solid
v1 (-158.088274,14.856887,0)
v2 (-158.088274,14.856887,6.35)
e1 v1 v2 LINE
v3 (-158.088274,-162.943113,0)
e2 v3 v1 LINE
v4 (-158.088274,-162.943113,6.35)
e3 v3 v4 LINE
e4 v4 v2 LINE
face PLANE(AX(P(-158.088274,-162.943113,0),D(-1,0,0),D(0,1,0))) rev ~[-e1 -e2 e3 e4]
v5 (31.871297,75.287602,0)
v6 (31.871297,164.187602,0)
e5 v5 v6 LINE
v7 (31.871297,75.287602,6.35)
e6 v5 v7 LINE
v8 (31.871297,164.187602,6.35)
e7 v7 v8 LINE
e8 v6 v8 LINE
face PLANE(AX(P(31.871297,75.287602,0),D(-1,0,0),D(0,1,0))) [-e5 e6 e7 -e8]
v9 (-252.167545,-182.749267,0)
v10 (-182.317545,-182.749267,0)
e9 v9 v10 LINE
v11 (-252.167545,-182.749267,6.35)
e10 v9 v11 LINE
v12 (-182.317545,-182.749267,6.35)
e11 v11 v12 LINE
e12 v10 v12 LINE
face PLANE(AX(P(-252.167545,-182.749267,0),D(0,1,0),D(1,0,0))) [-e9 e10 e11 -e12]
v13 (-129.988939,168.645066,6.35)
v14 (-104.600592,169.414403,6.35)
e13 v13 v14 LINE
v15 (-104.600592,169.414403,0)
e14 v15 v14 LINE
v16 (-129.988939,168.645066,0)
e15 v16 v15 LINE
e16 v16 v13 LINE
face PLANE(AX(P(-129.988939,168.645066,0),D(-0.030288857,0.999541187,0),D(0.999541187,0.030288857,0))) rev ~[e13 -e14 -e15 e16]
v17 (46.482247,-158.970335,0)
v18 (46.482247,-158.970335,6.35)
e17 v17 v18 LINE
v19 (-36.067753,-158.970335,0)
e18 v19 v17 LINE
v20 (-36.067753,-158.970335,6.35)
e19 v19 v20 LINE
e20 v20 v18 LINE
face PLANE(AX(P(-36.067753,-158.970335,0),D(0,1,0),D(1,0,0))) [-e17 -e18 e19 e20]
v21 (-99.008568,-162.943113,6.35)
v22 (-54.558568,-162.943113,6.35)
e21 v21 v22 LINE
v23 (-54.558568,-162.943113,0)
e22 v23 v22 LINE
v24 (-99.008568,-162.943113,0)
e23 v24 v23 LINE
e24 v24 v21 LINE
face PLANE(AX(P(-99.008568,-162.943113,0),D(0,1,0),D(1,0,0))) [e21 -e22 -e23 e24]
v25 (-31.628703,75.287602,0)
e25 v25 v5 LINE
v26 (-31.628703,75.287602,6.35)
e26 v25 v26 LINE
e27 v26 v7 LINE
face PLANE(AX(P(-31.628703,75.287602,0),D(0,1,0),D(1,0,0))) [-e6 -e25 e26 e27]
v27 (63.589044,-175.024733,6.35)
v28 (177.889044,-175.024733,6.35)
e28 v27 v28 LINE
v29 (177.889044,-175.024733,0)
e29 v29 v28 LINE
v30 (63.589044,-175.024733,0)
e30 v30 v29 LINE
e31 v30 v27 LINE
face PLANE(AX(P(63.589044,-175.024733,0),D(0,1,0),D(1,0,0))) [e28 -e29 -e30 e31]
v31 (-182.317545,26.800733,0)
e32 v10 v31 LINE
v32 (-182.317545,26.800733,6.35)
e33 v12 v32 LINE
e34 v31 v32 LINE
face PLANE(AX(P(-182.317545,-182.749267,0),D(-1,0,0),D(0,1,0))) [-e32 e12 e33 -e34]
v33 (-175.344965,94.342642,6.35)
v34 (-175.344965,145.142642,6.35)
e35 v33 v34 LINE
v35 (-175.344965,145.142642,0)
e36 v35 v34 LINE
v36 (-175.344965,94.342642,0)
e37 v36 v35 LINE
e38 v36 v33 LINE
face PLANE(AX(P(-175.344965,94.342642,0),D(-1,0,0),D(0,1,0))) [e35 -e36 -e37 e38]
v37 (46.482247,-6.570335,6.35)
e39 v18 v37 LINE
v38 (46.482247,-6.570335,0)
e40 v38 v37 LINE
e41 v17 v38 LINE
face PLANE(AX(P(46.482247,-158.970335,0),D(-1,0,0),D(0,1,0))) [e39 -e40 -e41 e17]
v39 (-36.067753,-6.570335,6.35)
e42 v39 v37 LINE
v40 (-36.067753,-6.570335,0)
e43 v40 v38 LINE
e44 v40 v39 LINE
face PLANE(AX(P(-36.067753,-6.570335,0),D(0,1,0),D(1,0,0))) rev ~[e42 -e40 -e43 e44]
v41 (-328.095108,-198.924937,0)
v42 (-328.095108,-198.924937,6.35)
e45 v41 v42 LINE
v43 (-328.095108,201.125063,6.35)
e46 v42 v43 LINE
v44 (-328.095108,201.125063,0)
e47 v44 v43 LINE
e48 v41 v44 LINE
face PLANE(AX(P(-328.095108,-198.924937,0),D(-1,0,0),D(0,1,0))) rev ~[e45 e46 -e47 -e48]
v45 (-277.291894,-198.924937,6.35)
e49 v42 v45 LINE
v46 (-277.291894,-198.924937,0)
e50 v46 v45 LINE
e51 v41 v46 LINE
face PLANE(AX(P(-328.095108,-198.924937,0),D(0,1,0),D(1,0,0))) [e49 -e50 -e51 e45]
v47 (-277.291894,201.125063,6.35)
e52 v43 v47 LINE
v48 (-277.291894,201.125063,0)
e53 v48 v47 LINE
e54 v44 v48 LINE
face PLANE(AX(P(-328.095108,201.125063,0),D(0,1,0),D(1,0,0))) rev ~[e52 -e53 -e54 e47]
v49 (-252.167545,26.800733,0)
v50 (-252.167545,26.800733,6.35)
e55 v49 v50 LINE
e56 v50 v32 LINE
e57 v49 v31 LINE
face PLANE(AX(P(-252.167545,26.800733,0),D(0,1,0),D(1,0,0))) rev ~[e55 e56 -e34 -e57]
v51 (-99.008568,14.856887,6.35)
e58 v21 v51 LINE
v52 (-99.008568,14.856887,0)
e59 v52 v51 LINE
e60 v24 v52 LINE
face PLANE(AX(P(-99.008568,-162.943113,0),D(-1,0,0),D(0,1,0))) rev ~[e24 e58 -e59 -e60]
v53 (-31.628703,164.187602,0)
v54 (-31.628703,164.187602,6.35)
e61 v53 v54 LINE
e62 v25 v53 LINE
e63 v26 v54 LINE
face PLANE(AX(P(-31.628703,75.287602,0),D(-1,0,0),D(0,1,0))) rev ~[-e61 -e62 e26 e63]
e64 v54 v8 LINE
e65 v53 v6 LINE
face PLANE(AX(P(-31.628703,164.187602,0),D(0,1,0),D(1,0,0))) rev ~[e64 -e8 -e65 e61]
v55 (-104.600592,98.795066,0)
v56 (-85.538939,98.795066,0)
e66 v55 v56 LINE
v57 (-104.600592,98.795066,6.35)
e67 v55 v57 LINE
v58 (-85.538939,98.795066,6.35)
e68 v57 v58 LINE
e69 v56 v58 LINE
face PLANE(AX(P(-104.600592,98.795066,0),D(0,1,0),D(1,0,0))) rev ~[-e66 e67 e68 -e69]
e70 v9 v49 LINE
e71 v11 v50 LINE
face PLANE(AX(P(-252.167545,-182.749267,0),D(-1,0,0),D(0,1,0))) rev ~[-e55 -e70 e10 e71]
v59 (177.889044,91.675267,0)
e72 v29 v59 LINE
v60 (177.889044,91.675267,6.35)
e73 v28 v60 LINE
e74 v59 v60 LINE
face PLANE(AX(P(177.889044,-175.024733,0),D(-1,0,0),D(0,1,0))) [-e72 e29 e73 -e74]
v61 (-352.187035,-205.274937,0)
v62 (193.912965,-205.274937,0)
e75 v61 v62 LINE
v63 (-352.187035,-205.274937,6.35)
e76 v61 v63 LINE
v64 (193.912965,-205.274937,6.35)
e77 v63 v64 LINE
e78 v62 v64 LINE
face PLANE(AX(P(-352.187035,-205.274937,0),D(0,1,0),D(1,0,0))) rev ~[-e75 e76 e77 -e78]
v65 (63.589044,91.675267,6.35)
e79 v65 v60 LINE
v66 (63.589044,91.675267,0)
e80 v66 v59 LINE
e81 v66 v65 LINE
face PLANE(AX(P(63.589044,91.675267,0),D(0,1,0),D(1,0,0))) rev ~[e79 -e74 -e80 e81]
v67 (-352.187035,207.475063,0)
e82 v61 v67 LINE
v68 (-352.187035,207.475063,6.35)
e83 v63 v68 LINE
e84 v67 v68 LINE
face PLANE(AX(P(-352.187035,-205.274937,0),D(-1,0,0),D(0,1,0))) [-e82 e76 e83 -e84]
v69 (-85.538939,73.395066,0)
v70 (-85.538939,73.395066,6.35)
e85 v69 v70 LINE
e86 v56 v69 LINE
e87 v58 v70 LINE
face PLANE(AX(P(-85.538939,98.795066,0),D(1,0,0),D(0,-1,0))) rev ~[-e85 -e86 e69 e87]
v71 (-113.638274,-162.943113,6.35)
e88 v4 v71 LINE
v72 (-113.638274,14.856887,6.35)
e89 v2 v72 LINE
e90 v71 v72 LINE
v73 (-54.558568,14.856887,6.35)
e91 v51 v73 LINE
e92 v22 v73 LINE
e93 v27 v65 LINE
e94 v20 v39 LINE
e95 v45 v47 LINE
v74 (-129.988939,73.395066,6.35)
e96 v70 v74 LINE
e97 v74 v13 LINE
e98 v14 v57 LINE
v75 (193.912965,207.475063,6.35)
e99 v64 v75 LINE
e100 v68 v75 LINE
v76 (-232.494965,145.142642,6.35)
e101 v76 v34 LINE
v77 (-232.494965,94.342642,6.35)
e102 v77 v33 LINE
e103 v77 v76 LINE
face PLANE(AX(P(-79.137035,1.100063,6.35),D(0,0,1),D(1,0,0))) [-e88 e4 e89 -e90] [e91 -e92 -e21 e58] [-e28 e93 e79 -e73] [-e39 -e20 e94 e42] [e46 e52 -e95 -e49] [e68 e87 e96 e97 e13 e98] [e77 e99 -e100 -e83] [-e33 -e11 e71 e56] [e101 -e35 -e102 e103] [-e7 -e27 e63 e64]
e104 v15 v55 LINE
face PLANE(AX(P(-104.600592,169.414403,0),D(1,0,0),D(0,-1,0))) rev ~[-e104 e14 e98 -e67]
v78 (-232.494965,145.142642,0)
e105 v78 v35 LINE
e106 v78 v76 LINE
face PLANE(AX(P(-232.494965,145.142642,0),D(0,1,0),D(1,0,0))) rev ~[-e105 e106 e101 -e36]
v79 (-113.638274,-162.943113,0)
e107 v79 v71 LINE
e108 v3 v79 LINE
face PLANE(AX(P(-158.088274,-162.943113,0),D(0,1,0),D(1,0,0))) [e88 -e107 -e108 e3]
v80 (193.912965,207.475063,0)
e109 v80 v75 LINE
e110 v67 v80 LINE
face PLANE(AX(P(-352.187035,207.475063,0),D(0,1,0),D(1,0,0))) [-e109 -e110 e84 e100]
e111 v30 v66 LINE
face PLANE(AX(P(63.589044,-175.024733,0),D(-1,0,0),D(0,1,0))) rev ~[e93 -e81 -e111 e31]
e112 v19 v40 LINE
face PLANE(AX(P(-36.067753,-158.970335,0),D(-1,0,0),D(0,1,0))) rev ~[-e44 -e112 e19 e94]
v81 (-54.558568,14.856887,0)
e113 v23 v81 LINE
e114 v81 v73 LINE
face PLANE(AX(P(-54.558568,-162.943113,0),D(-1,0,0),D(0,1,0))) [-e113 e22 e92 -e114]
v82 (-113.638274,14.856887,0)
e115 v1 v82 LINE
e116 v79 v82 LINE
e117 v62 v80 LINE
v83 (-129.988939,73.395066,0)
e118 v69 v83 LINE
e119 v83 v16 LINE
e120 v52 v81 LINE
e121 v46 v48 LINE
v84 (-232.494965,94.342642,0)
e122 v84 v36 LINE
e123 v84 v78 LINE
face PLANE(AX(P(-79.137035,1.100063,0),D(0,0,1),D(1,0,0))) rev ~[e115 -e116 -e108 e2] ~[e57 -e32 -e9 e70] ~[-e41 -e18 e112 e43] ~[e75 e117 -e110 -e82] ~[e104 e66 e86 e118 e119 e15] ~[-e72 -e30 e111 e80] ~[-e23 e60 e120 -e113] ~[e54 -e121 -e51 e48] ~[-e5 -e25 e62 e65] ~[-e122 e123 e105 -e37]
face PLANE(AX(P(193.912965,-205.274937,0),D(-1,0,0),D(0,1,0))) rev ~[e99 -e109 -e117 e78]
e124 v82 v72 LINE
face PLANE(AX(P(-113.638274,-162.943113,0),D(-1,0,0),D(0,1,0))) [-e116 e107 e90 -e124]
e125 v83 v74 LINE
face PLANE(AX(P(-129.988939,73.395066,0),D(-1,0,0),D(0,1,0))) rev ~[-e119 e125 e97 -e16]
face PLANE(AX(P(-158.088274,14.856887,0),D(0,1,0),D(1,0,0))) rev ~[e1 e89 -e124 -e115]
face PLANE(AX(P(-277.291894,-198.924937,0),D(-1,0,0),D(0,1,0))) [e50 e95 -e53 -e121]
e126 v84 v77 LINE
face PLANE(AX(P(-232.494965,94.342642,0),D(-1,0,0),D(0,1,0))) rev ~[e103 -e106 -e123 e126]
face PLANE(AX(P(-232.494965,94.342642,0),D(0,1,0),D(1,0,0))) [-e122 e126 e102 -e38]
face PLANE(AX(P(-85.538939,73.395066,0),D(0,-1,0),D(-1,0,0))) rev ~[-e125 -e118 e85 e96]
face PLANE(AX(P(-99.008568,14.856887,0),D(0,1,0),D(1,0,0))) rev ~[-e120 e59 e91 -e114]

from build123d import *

# Parameters (mm, degrees)
F0_W     = 546.1
F0_H     = 412.75
F0_W_2   = 69.85
F0_H_2   = 209.55
F0_W_3   = 50.803214
F0_H_3   = 400.05
F0_W_4   = 44.45
F0_H_4   = 177.8
F0_W_5   = 82.55
F0_H_5   = 152.4
F0_W_6   = 114.3
F0_H_6   = 266.7
F0_W_7   = 57.15
F0_H_7   = 50.8
F0_W_8   = 63.5
F0_H_8   = 88.9
F1_DEPTH = 6.35


with BuildPart() as f1:
    # F0 (on Top) → F1 (new body)
    with BuildSketch(Plane.XY):
        with Locations((-79.137035, 1.100063)):
            Rectangle(F0_W, F0_H)
        with Locations((-217.242545, -77.974267)):
            Rectangle(F0_W_2, F0_H_2, mode=Mode.SUBTRACT)
        with Locations((-302.693501, 1.100063)):
            Rectangle(F0_W_3, F0_H_3, mode=Mode.SUBTRACT)
        with Locations((-135.863274, -74.043113)):
            Rectangle(F0_W_4, F0_H_4, mode=Mode.SUBTRACT)
        with Locations((-76.783568, -74.043113)):
            Rectangle(F0_W_4, F0_H_4, mode=Mode.SUBTRACT)
        with Locations((5.207247, -82.770335)):
            Rectangle(F0_W_5, F0_H_5, mode=Mode.SUBTRACT)
        with Locations((120.739044, -41.674733)):
            Rectangle(F0_W_6, F0_H_6, mode=Mode.SUBTRACT)
        with Locations((-203.919965, 119.742642)):
            Rectangle(F0_W_7, F0_H_7, mode=Mode.SUBTRACT)
        Polygon((-129.988939, 73.395066), (-129.988939, 168.645066), (-104.600592, 169.414403), (-104.600592, 98.795066), (-85.538939, 98.795066), (-85.538939, 73.395066), align=None, mode=Mode.SUBTRACT)
        with Locations((0.121297, 119.737602)):
            Rectangle(F0_W_8, F0_H_8, mode=Mode.SUBTRACT)
    extrude(amount=F1_DEPTH)


solid = f1.part
